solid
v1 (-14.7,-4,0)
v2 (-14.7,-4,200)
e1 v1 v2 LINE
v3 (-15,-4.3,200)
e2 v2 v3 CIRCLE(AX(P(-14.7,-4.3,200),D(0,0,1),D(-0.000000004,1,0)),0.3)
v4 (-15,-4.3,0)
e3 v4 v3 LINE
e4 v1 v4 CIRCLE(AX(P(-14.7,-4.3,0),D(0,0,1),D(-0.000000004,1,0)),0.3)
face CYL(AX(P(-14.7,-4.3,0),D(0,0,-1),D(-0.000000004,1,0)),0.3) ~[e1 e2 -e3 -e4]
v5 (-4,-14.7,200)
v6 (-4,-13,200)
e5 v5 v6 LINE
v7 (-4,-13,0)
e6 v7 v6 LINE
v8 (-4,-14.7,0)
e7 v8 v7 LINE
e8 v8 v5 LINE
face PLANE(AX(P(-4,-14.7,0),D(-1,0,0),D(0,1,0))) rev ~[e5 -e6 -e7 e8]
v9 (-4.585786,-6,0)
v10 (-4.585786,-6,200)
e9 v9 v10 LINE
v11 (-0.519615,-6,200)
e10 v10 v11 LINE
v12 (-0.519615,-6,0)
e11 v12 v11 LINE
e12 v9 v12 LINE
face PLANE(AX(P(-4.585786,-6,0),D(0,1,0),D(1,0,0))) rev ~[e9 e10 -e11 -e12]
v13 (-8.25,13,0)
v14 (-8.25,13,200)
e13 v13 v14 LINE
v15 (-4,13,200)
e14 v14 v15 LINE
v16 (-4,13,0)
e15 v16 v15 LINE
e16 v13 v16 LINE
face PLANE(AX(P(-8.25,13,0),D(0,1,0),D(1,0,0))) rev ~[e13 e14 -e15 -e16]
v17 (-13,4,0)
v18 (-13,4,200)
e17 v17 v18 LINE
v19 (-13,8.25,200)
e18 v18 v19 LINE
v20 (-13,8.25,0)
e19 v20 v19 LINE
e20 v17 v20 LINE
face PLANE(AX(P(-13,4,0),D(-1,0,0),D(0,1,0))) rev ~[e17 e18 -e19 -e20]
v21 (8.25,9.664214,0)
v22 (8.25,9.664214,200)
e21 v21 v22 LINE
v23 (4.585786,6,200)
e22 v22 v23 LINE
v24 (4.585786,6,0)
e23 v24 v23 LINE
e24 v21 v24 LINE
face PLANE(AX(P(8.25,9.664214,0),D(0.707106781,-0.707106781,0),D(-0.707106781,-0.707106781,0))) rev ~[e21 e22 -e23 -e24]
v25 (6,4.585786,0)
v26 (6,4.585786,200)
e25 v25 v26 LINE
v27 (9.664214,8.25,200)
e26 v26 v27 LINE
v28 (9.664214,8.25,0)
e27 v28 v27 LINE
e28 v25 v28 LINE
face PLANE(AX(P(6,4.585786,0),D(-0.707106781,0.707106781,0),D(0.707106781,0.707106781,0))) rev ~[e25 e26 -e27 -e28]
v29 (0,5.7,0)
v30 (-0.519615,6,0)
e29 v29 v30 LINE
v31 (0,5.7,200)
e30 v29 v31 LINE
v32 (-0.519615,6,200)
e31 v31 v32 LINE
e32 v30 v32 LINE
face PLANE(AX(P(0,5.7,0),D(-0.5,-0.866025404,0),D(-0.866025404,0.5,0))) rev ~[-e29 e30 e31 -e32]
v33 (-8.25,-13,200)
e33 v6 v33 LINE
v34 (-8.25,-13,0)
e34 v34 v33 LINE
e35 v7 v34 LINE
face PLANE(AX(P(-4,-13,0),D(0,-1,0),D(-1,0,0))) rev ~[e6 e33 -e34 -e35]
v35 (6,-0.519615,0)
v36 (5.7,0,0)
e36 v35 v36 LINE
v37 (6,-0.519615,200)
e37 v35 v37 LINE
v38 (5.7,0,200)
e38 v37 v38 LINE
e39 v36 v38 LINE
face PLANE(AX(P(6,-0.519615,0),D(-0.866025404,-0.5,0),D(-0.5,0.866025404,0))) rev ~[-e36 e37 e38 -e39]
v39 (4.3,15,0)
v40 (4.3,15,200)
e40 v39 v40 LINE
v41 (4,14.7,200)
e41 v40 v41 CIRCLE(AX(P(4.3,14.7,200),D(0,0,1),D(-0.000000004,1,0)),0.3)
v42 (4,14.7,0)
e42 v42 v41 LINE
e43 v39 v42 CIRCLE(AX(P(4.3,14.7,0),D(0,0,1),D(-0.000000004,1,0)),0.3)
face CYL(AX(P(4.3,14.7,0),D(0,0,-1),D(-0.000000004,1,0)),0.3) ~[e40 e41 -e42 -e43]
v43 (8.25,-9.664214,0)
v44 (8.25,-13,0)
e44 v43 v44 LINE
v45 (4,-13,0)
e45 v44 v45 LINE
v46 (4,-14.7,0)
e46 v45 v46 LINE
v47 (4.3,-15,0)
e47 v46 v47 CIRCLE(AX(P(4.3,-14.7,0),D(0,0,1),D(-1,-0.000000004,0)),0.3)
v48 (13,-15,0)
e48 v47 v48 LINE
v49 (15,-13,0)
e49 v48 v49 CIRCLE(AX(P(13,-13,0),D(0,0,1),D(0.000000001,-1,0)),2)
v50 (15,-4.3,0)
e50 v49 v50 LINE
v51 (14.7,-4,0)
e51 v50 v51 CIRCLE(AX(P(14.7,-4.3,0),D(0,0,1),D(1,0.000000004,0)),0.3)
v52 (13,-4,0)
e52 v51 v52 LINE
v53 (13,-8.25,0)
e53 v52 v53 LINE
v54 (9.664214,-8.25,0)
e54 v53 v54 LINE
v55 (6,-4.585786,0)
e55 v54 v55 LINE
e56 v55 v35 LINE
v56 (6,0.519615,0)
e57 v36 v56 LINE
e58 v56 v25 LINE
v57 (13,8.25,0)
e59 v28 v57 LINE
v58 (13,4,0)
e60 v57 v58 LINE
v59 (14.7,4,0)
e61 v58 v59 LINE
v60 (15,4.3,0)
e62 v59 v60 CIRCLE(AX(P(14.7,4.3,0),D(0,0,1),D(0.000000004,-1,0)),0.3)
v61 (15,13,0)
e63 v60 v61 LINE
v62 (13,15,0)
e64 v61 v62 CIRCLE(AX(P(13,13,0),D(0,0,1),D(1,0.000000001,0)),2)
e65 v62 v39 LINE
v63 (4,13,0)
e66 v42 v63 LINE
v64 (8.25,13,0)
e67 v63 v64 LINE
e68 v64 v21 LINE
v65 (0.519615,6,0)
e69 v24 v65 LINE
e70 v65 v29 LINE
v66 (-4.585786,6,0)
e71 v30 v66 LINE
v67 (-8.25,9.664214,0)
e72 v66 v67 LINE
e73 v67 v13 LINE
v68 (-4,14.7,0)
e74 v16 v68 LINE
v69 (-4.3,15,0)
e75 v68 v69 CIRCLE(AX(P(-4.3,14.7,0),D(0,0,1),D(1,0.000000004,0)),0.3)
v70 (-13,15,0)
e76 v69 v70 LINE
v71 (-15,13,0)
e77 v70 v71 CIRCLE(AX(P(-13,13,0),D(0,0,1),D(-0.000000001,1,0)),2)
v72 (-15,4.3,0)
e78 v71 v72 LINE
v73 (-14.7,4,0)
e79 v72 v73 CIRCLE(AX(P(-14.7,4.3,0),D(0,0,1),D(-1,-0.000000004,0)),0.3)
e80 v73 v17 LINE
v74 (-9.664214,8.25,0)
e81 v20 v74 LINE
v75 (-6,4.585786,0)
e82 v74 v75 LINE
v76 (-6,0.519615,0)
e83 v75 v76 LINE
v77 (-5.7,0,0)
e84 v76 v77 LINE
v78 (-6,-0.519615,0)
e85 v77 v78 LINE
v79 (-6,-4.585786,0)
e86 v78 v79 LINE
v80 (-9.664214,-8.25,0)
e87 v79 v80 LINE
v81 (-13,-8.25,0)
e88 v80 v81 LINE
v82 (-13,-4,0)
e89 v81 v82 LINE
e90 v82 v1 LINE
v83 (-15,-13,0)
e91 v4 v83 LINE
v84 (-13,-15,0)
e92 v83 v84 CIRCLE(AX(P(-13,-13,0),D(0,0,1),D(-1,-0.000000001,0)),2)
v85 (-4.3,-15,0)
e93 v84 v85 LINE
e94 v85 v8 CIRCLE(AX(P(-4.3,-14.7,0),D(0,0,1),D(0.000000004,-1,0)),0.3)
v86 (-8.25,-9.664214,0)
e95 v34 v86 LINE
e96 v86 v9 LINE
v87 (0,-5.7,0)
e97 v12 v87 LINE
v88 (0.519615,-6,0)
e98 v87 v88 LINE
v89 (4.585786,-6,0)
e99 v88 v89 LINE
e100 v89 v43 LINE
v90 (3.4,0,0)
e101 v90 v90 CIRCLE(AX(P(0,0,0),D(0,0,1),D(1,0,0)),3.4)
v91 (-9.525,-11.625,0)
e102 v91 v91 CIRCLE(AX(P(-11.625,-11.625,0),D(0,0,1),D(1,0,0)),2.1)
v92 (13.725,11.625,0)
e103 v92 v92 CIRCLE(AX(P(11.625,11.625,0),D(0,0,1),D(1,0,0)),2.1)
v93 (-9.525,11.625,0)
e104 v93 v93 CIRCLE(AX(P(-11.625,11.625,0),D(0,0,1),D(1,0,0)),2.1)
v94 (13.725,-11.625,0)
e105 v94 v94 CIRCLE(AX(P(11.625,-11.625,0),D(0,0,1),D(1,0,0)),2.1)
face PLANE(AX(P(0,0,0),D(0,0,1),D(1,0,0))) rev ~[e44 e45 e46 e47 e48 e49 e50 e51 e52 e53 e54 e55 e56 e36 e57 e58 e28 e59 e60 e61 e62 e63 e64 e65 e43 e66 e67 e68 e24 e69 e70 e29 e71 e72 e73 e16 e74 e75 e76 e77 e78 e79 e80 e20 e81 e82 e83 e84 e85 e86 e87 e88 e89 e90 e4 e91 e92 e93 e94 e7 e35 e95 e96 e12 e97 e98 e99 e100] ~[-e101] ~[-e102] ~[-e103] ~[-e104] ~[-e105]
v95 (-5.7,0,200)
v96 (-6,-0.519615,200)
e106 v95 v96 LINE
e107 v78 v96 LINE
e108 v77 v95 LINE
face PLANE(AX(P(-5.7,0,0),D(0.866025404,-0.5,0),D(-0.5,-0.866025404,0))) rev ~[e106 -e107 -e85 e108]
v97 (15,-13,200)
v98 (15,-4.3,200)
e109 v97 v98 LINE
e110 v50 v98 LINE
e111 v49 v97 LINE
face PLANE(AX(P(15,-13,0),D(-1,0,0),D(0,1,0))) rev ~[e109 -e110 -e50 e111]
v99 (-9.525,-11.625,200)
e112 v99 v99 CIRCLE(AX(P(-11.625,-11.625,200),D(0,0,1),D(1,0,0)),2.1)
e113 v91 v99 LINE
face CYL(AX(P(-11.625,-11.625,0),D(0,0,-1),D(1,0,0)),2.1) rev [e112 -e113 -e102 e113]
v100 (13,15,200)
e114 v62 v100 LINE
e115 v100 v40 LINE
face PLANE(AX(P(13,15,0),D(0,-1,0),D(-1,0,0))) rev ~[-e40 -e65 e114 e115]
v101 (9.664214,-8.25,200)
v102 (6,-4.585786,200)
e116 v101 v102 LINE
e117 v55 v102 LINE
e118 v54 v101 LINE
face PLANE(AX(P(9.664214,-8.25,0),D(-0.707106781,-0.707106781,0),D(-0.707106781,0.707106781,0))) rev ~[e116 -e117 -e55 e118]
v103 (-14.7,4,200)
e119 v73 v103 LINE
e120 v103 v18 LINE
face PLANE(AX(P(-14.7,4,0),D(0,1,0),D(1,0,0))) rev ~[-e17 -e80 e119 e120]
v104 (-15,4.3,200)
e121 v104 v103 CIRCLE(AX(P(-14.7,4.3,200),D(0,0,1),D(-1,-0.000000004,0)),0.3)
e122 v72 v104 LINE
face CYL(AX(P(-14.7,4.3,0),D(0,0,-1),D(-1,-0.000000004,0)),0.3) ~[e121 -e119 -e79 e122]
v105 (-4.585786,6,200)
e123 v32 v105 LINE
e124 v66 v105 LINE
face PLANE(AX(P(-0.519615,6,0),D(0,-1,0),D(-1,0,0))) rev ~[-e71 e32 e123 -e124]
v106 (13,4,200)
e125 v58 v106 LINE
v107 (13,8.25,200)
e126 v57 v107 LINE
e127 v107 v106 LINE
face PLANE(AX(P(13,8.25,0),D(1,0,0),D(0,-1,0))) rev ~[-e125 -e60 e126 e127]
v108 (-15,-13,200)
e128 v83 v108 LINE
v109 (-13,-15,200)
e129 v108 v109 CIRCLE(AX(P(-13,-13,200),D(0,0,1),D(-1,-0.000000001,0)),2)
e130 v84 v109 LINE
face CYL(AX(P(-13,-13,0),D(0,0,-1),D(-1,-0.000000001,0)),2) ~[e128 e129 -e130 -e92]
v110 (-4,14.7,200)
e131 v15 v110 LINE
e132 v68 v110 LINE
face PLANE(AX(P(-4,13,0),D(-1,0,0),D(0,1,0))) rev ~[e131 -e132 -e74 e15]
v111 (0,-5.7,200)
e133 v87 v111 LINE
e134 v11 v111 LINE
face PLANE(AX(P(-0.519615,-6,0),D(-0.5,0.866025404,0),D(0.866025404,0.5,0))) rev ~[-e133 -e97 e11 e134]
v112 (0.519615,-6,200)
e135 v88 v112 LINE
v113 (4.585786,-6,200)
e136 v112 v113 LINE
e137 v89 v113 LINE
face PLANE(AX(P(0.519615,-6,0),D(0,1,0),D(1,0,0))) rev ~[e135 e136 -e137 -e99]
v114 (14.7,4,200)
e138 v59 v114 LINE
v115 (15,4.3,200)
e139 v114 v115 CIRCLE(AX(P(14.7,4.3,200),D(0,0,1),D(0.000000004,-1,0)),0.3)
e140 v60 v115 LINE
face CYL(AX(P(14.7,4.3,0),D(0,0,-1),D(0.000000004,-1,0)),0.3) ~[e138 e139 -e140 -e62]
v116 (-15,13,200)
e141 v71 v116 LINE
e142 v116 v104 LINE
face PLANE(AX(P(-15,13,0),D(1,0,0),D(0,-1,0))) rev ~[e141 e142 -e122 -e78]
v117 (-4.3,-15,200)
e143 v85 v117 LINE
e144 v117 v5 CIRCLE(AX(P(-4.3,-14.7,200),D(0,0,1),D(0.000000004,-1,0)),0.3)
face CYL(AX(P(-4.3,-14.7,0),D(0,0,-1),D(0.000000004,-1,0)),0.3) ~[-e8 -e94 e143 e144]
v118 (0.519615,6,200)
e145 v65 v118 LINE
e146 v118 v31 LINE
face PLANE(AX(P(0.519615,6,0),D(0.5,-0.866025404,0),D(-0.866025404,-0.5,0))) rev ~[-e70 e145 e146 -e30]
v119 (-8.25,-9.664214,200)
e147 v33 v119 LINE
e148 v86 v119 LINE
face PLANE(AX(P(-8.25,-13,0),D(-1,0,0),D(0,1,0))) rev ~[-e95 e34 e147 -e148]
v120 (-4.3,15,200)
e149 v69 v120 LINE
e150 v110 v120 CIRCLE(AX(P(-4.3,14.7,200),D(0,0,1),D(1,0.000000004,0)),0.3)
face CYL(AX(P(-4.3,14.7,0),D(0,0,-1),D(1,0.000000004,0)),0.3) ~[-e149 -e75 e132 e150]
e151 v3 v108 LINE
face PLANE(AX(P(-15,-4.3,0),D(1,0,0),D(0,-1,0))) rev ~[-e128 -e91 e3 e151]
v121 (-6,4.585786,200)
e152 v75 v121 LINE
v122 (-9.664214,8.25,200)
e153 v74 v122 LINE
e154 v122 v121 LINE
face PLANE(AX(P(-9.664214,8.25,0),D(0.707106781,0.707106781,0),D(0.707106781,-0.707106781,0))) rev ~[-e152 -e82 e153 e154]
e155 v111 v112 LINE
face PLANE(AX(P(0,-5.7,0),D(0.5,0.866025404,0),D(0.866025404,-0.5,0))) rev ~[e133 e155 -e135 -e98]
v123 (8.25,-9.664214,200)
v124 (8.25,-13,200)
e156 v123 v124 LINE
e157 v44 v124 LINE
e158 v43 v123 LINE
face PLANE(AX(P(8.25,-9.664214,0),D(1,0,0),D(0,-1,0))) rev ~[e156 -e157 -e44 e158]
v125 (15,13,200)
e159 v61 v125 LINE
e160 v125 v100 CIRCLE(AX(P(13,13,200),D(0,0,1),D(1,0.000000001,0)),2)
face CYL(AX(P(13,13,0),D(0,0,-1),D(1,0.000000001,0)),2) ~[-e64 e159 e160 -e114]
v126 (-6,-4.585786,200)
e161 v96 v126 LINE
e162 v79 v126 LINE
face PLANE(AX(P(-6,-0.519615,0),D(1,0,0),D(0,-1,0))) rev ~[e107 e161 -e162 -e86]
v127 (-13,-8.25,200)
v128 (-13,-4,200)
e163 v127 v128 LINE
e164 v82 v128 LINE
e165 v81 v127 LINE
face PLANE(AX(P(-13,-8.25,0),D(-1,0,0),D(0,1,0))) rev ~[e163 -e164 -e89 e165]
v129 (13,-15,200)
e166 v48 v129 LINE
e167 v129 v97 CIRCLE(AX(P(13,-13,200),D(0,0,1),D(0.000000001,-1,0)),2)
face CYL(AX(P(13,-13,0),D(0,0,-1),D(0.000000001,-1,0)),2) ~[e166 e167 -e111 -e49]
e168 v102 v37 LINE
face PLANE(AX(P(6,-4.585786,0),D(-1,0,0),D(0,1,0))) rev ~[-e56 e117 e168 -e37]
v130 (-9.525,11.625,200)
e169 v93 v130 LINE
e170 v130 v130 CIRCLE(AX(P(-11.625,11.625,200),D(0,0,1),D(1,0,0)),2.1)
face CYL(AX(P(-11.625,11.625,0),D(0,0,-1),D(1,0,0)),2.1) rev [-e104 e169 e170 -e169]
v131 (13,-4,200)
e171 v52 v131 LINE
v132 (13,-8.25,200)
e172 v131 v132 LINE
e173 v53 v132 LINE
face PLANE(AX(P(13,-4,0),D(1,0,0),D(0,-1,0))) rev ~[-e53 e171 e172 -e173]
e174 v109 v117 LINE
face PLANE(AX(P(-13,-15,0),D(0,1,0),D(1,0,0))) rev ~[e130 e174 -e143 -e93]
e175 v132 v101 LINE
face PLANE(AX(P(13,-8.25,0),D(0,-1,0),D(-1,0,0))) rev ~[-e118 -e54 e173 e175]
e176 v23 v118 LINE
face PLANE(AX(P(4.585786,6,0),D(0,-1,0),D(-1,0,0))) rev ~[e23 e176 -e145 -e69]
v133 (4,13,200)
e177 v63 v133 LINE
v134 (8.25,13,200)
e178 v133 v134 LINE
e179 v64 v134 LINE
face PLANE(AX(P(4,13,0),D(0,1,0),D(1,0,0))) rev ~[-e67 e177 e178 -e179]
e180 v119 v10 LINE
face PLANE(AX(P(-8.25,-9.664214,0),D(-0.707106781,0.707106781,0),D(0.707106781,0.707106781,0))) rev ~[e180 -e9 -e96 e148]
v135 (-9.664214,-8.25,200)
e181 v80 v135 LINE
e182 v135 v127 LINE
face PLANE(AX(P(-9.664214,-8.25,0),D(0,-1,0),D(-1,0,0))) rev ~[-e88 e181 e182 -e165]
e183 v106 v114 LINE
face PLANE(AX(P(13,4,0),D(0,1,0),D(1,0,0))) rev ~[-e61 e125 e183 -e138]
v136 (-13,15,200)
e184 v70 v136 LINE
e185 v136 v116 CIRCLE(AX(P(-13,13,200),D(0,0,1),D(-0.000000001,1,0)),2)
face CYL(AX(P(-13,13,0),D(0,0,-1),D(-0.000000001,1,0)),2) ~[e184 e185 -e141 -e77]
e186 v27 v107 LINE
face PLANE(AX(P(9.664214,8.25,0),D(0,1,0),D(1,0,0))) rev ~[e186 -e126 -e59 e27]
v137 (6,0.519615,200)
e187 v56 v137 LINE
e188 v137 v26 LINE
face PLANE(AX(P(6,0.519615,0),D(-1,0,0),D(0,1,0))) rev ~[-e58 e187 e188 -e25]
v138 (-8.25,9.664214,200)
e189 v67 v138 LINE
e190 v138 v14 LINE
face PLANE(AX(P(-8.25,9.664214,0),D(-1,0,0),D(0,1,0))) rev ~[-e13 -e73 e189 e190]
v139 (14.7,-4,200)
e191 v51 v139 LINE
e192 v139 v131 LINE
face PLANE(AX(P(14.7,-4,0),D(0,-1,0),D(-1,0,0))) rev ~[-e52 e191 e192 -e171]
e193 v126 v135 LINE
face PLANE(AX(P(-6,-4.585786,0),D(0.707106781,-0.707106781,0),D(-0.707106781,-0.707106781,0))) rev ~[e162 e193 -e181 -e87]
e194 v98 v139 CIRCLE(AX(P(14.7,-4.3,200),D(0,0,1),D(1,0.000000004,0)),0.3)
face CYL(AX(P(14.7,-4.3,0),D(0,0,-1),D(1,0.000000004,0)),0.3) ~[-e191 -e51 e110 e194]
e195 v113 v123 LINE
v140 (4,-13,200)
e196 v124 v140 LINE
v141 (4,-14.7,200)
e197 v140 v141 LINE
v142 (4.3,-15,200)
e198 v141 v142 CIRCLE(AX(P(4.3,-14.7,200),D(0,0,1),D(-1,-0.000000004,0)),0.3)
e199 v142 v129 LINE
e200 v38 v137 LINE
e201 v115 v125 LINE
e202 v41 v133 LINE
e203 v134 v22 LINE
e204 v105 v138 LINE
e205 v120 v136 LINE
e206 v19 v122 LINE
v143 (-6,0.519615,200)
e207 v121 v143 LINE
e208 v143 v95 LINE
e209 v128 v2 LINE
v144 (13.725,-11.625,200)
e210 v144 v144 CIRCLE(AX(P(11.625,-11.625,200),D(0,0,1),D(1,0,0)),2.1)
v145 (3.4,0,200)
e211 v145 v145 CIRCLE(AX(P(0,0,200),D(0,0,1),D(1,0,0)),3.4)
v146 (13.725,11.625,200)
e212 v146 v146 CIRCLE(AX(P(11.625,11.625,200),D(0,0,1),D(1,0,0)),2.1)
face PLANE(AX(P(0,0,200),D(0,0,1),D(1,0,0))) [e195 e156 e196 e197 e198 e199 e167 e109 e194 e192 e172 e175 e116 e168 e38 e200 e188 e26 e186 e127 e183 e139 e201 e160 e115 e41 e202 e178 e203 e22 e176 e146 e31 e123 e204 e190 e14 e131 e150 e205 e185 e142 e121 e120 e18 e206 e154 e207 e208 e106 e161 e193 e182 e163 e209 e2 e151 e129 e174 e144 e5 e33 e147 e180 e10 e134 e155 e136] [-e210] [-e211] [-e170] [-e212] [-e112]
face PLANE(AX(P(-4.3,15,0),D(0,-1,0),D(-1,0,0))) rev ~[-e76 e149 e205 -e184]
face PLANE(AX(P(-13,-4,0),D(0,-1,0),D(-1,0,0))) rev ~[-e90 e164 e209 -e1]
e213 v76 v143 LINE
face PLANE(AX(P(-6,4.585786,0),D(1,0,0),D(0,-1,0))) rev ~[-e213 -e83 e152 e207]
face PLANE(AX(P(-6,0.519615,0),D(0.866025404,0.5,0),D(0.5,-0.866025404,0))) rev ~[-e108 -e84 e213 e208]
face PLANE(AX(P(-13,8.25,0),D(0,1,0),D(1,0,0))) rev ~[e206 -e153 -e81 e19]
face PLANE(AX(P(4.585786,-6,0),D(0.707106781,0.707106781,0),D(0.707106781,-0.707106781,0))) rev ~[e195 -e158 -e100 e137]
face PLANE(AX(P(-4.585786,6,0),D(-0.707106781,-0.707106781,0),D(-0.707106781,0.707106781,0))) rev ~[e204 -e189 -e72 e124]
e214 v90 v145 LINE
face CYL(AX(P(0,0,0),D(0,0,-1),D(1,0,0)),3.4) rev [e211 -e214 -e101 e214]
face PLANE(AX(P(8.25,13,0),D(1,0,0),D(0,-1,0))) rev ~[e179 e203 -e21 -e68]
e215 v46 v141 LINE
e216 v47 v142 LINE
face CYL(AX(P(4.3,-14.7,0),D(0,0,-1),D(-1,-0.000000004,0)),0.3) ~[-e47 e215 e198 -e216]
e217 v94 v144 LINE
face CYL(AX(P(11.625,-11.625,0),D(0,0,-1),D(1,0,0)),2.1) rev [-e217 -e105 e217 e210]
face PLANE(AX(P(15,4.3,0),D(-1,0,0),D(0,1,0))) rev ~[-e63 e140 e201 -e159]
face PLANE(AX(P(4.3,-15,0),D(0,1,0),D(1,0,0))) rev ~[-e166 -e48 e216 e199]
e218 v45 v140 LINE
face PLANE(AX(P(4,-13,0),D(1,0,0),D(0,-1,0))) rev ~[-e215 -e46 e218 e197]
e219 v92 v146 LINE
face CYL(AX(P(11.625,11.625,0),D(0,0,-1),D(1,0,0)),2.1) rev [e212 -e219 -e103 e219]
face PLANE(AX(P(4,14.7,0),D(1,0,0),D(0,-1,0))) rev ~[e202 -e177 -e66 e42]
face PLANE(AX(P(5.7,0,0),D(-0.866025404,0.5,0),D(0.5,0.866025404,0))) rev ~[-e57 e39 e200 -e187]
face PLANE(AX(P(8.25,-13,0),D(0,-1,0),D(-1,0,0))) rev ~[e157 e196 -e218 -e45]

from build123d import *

# Parameters (mm, degrees)
SKETCH1_R           = 2.1
SKETCH1_R_2         = 3.4
BOSS_EXTRUDE1_DEPTH = 200


with BuildPart() as part:
    # Sketch1 → Boss-Extrude1 (new body)
    with BuildSketch(Plane.XY):
        with BuildLine():
            Line((-14.7, 4), (-13, 4))
            Line((-13, 4), (-13, 8.25))
            Line((-13, 8.25), (-9.664213562, 8.25))
            Line((-9.664213562, 8.25), (-6, 4.585786438))
            Line((-6, 4.585786438), (-6, 0.519615242))
            Line((-6, 0.519615242), (-5.7, 0))
            Line((-5.7, 0), (-6, -0.519615242))
            Line((-6, -0.519615242), (-6, -4.585786438))
            Line((-6, -4.585786438), (-9.664213562, -8.25))
            Line((-9.664213562, -8.25), (-13, -8.25))
            Line((-13, -8.25), (-13, -4))
            Line((-13, -4), (-14.7, -4))
            ThreePointArc((-14.7, -4), (-14.912132034, -4.087867966), (-15, -4.3))
            Line((-15, -4.3), (-15, -13))
            ThreePointArc((-15, -13), (-14.414213562, -14.414213562), (-13, -15))
            Line((-13, -15), (-4.3, -15))
            ThreePointArc((-4.3, -15), (-4.087867966, -14.912132034), (-4, -14.7))
            Line((-4, -14.7), (-4, -13))
            Line((-4, -13), (-8.25, -13))
            Line((-8.25, -13), (-8.25, -9.664213562))
            Line((-8.25, -9.664213562), (-4.585786438, -6))
            Line((-4.585786438, -6), (-0.519615242, -6))
            Line((-0.519615242, -6), (0, -5.7))
            Line((0, -5.7), (0.519615242, -6))
            Line((0.519615242, -6), (4.585786438, -6))
            Line((4.585786438, -6), (8.25, -9.664213562))
            Line((8.25, -9.664213562), (8.25, -13))
            Line((8.25, -13), (4, -13))
            Line((4, -13), (4, -14.7))
            ThreePointArc((4, -14.7), (4.087867966, -14.912132034), (4.3, -15))
            Line((4.3, -15), (13, -15))
            ThreePointArc((13, -15), (14.414213562, -14.414213562), (15, -13))
            Line((15, -13), (15, -4.3))
            ThreePointArc((15, -4.3), (14.912132034, -4.087867966), (14.7, -4))
            Line((14.7, -4), (13, -4))
            Line((13, -4), (13, -8.25))
            Line((13, -8.25), (9.664213562, -8.25))
            Line((9.664213562, -8.25), (6, -4.585786438))
            Line((6, -4.585786438), (6, -0.519615242))
            Line((6, -0.519615242), (5.7, 0))
            Line((5.7, 0), (6, 0.519615242))
            Line((6, 0.519615242), (6, 4.585786438))
            Line((6, 4.585786438), (9.664213562, 8.25))
            Line((9.664213562, 8.25), (13, 8.25))
            Line((13, 8.25), (13, 4))
            Line((13, 4), (14.7, 4))
            ThreePointArc((14.7, 4), (14.912132034, 4.087867966), (15, 4.3))
            Line((15, 4.3), (15, 13))
            ThreePointArc((15, 13), (14.414213562, 14.414213562), (13, 15))
            Line((13, 15), (4.3, 15))
            ThreePointArc((4.3, 15), (4.087867966, 14.912132034), (4, 14.7))
            Line((4, 14.7), (4, 13))
            Line((4, 13), (8.25, 13))
            Line((8.25, 13), (8.25, 9.664213562))
            Line((8.25, 9.664213562), (4.585786438, 6))
            Line((4.585786438, 6), (0.519615242, 6))
            Line((0.519615242, 6), (0, 5.7))
            Line((0, 5.7), (-0.519615242, 6))
            Line((-0.519615242, 6), (-4.585786438, 6))
            Line((-4.585786438, 6), (-8.25, 9.664213562))
            Line((-8.25, 9.664213562), (-8.25, 13))
            Line((-8.25, 13), (-4, 13))
            Line((-4, 13), (-4, 14.7))
            ThreePointArc((-4, 14.7), (-4.087867966, 14.912132034), (-4.3, 15))
            Line((-4.3, 15), (-13, 15))
            ThreePointArc((-13, 15), (-14.414213562, 14.414213562), (-15, 13))
            Line((-15, 13), (-15, 4.3))
            ThreePointArc((-15, 4.3), (-14.912132034, 4.087867966), (-14.7, 4))
        make_face()
        with Locations((11.625, 11.625)):
            Circle(SKETCH1_R, mode=Mode.SUBTRACT)
        with Locations((11.625, -11.625)):
            Circle(SKETCH1_R, mode=Mode.SUBTRACT)
        Circle(SKETCH1_R_2, mode=Mode.SUBTRACT)
        with Locations((-11.625, -11.625)):
            Circle(SKETCH1_R, mode=Mode.SUBTRACT)
        with Locations((-11.625, 11.625)):
            Circle(SKETCH1_R, mode=Mode.SUBTRACT)
    extrude(amount=BOSS_EXTRUDE1_DEPTH)


solid = part.part
